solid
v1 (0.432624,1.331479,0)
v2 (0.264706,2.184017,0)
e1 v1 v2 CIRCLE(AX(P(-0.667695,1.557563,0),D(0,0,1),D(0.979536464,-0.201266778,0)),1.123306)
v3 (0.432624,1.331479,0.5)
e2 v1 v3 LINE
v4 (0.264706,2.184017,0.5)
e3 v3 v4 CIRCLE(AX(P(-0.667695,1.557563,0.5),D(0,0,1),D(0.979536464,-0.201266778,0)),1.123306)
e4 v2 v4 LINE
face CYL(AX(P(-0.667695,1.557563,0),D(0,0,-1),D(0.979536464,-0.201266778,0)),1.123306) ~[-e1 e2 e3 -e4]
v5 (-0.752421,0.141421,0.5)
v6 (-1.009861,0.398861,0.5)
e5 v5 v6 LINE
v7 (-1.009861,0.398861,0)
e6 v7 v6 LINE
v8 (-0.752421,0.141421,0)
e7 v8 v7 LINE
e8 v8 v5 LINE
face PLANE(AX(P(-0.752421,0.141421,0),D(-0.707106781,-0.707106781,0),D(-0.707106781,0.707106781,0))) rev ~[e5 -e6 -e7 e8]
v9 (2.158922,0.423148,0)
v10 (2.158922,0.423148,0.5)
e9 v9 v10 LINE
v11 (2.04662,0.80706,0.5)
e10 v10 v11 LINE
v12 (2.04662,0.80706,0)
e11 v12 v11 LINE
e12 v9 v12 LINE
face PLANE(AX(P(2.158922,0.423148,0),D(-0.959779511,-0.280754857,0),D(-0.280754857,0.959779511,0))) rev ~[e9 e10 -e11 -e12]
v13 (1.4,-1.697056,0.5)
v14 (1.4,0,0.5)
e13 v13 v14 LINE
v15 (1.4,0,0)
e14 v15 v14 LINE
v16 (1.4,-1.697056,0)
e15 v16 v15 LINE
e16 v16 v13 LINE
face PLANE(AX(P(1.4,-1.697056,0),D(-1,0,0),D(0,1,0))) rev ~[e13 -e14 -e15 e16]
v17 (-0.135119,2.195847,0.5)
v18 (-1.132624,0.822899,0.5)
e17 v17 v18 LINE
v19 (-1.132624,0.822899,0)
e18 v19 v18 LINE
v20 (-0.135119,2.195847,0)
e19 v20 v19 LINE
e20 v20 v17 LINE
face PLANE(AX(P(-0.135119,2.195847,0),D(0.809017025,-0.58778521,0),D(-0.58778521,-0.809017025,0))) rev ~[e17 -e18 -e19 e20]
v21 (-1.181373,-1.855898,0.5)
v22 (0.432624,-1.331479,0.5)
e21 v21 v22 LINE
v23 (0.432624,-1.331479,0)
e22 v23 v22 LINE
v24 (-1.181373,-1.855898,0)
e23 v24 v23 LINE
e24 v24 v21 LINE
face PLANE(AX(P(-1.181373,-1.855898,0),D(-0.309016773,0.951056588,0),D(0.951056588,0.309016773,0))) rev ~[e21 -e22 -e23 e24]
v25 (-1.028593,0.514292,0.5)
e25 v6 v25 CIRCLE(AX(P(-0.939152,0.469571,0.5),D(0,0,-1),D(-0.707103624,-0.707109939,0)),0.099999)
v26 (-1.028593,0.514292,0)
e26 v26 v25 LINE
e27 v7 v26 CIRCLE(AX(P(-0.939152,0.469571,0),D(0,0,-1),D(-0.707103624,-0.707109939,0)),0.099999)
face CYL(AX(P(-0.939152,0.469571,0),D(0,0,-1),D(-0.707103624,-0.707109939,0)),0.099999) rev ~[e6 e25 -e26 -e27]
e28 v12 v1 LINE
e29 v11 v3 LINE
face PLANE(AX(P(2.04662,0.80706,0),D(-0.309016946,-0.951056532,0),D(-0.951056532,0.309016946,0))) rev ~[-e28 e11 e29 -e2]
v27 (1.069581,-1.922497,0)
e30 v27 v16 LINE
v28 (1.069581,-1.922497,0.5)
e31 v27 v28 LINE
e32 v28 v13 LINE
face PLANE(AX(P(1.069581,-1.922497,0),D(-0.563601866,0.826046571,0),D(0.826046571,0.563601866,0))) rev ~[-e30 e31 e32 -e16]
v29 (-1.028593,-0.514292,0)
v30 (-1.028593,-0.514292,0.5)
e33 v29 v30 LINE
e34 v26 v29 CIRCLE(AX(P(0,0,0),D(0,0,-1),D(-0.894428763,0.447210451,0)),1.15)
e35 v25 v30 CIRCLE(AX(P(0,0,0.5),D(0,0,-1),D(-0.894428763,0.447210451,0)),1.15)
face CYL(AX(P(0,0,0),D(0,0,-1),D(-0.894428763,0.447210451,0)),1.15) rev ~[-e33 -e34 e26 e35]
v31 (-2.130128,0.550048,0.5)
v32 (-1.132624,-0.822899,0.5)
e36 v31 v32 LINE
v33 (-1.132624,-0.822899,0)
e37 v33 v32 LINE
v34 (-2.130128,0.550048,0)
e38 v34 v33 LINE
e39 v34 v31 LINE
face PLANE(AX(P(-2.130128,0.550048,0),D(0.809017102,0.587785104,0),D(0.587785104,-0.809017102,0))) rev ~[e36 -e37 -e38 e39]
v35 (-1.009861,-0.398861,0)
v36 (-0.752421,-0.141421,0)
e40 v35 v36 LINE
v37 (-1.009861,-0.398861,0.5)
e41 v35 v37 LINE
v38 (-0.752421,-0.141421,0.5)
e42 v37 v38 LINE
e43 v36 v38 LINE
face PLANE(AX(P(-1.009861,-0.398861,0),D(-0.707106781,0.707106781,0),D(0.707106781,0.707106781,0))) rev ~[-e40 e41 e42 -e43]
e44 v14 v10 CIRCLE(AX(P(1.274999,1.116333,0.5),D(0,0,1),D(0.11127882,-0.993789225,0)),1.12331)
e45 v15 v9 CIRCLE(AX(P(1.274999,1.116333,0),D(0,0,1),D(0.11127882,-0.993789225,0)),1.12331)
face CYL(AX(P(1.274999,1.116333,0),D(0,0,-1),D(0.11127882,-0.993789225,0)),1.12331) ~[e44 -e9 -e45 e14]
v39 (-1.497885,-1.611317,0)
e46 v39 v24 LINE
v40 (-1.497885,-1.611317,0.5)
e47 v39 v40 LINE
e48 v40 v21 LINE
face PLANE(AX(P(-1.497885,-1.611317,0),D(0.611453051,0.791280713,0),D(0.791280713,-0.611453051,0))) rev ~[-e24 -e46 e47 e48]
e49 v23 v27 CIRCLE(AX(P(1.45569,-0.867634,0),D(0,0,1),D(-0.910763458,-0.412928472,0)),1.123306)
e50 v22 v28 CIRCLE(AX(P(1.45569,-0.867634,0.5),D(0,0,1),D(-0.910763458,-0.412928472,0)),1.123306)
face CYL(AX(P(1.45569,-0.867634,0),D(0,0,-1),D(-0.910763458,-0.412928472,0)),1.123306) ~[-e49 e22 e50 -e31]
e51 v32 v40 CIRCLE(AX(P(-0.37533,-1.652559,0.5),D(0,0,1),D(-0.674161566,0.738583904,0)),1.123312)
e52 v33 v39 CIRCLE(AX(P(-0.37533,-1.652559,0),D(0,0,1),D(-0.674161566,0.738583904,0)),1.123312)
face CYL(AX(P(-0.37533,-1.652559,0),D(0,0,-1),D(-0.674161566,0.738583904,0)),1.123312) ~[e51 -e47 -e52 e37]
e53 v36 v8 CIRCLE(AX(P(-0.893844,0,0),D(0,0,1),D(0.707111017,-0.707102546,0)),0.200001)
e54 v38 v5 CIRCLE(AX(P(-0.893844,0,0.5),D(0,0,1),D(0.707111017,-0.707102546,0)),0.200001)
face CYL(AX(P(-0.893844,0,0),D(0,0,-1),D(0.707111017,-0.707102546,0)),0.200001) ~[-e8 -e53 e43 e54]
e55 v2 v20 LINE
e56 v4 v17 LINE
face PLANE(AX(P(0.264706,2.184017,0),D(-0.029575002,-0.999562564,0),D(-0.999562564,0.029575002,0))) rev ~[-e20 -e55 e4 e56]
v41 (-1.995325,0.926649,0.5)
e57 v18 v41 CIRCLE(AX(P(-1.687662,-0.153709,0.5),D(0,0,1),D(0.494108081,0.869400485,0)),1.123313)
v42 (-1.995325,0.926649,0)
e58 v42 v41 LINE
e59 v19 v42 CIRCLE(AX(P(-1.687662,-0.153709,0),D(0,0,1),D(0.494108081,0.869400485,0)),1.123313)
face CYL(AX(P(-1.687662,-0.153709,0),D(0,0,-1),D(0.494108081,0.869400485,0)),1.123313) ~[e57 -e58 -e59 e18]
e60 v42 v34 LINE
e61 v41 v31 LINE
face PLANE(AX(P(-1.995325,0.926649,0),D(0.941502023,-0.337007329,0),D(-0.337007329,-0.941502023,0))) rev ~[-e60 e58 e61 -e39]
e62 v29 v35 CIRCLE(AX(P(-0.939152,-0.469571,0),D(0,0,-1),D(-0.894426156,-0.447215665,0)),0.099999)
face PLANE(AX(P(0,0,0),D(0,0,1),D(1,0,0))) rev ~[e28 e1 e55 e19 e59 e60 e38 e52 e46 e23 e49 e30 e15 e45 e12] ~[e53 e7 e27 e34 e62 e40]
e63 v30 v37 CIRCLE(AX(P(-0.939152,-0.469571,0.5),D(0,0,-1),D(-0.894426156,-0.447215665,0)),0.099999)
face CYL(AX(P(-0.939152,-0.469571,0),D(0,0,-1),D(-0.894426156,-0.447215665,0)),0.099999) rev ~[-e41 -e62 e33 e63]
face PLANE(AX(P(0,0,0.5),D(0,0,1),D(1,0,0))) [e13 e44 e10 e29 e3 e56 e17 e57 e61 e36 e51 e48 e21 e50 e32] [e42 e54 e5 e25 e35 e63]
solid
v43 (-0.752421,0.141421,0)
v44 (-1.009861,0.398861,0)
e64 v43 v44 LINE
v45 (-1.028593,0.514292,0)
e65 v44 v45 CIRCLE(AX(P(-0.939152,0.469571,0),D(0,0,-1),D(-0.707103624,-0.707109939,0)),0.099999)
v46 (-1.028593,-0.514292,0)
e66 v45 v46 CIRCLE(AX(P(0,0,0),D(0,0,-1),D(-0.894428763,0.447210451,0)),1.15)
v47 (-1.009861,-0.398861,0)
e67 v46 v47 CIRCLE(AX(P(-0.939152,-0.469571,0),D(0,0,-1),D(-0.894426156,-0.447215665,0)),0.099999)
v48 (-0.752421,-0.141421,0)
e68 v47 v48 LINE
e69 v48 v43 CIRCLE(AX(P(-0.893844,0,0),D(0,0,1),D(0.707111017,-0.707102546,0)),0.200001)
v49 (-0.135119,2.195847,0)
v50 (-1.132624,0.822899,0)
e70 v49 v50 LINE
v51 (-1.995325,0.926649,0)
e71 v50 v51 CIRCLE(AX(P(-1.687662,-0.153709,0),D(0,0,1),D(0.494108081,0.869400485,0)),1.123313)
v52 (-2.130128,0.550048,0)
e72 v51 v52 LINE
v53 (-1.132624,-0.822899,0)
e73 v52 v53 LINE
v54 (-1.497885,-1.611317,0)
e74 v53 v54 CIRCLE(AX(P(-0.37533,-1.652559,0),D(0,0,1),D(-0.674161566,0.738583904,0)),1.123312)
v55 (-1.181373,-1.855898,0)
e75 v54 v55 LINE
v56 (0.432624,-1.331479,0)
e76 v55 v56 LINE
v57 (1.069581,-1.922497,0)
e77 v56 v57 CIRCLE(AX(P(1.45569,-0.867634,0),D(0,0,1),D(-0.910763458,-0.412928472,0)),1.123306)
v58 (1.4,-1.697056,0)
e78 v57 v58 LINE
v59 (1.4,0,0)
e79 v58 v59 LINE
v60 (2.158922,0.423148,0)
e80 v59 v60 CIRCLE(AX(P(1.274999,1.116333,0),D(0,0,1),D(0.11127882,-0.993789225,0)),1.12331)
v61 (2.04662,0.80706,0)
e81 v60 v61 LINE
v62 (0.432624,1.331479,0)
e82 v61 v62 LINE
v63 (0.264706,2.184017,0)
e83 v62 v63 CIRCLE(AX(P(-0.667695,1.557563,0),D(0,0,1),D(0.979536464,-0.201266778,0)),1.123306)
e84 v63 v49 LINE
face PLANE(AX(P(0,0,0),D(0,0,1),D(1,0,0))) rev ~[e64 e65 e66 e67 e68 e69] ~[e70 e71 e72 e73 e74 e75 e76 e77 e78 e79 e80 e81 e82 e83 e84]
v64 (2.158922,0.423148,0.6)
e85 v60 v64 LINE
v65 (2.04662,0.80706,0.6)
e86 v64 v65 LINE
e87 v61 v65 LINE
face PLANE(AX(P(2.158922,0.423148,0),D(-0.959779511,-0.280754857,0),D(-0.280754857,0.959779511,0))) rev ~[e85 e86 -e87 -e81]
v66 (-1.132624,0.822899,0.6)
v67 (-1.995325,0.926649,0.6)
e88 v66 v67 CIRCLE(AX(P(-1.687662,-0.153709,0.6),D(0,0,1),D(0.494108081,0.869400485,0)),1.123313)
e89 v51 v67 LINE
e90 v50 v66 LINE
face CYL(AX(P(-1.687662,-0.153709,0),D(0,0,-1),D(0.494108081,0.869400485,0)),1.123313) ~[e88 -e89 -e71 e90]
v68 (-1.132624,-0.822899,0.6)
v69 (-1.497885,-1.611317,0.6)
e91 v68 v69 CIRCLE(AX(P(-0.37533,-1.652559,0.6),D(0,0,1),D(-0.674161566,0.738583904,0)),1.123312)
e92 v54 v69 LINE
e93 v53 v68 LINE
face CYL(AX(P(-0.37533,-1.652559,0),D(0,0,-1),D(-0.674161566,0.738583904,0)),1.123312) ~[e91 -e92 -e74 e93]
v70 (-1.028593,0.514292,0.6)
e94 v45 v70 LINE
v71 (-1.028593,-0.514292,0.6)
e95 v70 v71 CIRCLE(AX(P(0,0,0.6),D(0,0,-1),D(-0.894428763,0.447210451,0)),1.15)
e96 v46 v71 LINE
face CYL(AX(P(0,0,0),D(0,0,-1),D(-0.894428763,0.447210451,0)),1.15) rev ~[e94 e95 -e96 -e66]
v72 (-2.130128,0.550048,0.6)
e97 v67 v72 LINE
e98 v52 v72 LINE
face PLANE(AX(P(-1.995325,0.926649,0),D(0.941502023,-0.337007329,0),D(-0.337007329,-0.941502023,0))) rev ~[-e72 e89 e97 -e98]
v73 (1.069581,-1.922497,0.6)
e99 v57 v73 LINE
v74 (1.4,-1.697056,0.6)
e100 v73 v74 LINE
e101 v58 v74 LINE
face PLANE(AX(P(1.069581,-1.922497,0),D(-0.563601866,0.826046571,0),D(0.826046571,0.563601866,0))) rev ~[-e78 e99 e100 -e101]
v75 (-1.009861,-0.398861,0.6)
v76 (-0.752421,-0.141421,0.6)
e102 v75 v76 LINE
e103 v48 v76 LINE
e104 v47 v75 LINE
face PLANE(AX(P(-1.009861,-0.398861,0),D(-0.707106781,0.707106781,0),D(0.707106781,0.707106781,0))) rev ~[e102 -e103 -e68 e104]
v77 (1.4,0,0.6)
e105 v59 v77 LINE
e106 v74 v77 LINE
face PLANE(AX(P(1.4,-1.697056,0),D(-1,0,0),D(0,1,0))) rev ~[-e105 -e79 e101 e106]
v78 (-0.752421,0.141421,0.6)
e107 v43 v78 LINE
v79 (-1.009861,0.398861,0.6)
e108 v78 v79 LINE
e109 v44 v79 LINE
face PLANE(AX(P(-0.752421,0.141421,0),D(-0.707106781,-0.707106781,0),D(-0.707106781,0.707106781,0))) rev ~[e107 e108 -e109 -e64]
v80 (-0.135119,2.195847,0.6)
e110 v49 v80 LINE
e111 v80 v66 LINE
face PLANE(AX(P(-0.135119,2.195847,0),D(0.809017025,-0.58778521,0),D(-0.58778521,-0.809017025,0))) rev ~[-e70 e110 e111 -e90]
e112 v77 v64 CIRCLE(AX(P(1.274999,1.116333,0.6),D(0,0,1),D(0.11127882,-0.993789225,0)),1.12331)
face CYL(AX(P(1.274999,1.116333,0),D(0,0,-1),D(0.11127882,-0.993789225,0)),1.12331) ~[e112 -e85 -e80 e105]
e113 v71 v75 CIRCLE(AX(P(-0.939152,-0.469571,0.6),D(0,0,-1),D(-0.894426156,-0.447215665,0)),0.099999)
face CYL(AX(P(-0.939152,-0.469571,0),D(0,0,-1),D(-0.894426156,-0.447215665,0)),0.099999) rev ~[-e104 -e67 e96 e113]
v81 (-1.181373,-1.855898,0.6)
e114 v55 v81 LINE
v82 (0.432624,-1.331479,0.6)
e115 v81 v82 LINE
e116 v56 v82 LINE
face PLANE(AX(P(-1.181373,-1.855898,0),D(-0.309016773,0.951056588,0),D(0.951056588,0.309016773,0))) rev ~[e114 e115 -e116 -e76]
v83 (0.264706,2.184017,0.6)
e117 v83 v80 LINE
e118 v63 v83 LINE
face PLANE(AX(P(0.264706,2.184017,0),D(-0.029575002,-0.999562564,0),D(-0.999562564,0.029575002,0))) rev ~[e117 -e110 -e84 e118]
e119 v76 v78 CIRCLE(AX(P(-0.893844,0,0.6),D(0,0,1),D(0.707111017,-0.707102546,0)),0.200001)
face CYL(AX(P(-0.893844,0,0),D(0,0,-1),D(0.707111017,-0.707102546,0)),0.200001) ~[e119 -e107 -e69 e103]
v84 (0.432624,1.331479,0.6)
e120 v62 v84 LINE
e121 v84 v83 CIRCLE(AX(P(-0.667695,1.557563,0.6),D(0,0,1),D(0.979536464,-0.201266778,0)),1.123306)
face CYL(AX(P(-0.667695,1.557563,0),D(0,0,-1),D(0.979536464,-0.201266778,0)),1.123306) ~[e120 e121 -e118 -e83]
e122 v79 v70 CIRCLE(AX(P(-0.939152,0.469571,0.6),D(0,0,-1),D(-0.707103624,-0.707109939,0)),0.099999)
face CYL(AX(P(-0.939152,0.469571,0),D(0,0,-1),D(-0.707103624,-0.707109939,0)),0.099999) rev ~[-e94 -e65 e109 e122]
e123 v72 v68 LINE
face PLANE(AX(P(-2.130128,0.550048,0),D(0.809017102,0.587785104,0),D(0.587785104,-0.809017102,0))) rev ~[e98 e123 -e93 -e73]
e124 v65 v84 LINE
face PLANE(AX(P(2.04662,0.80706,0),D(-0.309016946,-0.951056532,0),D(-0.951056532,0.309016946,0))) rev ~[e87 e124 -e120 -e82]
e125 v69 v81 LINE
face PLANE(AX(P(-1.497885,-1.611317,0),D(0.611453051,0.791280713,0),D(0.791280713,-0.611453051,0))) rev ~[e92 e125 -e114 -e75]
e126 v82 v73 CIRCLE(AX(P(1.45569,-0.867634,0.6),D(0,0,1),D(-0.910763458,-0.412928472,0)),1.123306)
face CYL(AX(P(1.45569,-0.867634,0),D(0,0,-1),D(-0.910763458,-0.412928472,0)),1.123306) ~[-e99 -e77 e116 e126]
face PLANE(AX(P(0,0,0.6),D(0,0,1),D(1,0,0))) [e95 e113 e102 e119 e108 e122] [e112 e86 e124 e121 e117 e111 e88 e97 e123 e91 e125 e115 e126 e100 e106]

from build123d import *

# Parameters (mm, degrees)
F1_DEPTH = 0.5
F2_DEPTH = 0.6


with BuildPart() as f1:
    # F0 (on Top) → F1 (new body)
    with BuildSketch(Plane.XY):
        with BuildLine():
            Line((1.4, -1.697056), (1.4, 0))
            ThreePointArc((1.4, 0), (1.822033, 0.135222), (2.158922, 0.423148))
            Line((2.158922, 0.423148), (2.04662, 0.80706))
            Line((2.04662, 0.80706), (0.432624, 1.331479))
            ThreePointArc((0.432624, 1.331479), (0.434436, 1.774642), (0.264706, 2.184017))
            Line((0.264706, 2.184017), (-0.135119, 2.195847))
            Line((-0.135119, 2.195847), (-1.132624, 0.822899))
            ThreePointArc((-1.132624, 0.822899), (-1.553537, 0.961567), (-1.995325, 0.926649))
            Line((-1.995325, 0.926649), (-2.130128, 0.550048))
            Line((-2.130128, 0.550048), (-1.132624, -0.822899))
            ThreePointArc((-1.132624, -0.822899), (-1.394574, -1.18036), (-1.497885, -1.611317))
            Line((-1.497885, -1.611317), (-1.181373, -1.855898))
            Line((-1.181373, -1.855898), (0.432624, -1.331479))
            ThreePointArc((0.432624, -1.331479), (0.691642, -1.69107), (1.069581, -1.922497))
            Line((1.069581, -1.922497), (1.4, -1.697056))
        make_face()
        with BuildLine():
            ThreePointArc((-1.028593, 0.514292), (1.15, 0), (-1.028593, -0.514292))
            ThreePointArc((-1.028593, -0.514292), (-1.037859, -0.453553), (-1.009861, -0.398861))
            Line((-1.009861, -0.398861), (-0.752421, -0.141421))
            ThreePointArc((-0.752421, -0.141421), (-0.693843, 0), (-0.752421, 0.141421))
            Line((-0.752421, 0.141421), (-1.009861, 0.398861))
            ThreePointArc((-1.009861, 0.398861), (-1.037859, 0.453553), (-1.028593, 0.514292))
        make_face(mode=Mode.SUBTRACT)
    extrude(amount=F1_DEPTH)


with BuildPart() as f2:
    # F0 (on Top) → F2 (new body)
    with BuildSketch(Plane.XY):
        with BuildLine():
            Line((1.4, -1.697056), (1.4, 0))
            ThreePointArc((1.4, 0), (1.822033, 0.135222), (2.158922, 0.423148))
            Line((2.158922, 0.423148), (2.04662, 0.80706))
            Line((2.04662, 0.80706), (0.432624, 1.331479))
            ThreePointArc((0.432624, 1.331479), (0.434436, 1.774642), (0.264706, 2.184017))
            Line((0.264706, 2.184017), (-0.135119, 2.195847))
            Line((-0.135119, 2.195847), (-1.132624, 0.822899))
            ThreePointArc((-1.132624, 0.822899), (-1.553537, 0.961567), (-1.995325, 0.926649))
            Line((-1.995325, 0.926649), (-2.130128, 0.550048))
            Line((-2.130128, 0.550048), (-1.132624, -0.822899))
            ThreePointArc((-1.132624, -0.822899), (-1.394574, -1.18036), (-1.497885, -1.611317))
            Line((-1.497885, -1.611317), (-1.181373, -1.855898))
            Line((-1.181373, -1.855898), (0.432624, -1.331479))
            ThreePointArc((0.432624, -1.331479), (0.691642, -1.69107), (1.069581, -1.922497))
            Line((1.069581, -1.922497), (1.4, -1.697056))
        make_face()
        with BuildLine():
            ThreePointArc((-1.028593, 0.514292), (1.15, 0), (-1.028593, -0.514292))
            ThreePointArc((-1.028593, -0.514292), (-1.037859, -0.453553), (-1.009861, -0.398861))
            Line((-1.009861, -0.398861), (-0.752421, -0.141421))
            ThreePointArc((-0.752421, -0.141421), (-0.693843, 0), (-0.752421, 0.141421))
            Line((-0.752421, 0.141421), (-1.009861, 0.398861))
            ThreePointArc((-1.009861, 0.398861), (-1.037859, 0.453553), (-1.028593, 0.514292))
        make_face(mode=Mode.SUBTRACT)
    extrude(amount=F2_DEPTH)


solid = Compound([f1.part, f2.part])
